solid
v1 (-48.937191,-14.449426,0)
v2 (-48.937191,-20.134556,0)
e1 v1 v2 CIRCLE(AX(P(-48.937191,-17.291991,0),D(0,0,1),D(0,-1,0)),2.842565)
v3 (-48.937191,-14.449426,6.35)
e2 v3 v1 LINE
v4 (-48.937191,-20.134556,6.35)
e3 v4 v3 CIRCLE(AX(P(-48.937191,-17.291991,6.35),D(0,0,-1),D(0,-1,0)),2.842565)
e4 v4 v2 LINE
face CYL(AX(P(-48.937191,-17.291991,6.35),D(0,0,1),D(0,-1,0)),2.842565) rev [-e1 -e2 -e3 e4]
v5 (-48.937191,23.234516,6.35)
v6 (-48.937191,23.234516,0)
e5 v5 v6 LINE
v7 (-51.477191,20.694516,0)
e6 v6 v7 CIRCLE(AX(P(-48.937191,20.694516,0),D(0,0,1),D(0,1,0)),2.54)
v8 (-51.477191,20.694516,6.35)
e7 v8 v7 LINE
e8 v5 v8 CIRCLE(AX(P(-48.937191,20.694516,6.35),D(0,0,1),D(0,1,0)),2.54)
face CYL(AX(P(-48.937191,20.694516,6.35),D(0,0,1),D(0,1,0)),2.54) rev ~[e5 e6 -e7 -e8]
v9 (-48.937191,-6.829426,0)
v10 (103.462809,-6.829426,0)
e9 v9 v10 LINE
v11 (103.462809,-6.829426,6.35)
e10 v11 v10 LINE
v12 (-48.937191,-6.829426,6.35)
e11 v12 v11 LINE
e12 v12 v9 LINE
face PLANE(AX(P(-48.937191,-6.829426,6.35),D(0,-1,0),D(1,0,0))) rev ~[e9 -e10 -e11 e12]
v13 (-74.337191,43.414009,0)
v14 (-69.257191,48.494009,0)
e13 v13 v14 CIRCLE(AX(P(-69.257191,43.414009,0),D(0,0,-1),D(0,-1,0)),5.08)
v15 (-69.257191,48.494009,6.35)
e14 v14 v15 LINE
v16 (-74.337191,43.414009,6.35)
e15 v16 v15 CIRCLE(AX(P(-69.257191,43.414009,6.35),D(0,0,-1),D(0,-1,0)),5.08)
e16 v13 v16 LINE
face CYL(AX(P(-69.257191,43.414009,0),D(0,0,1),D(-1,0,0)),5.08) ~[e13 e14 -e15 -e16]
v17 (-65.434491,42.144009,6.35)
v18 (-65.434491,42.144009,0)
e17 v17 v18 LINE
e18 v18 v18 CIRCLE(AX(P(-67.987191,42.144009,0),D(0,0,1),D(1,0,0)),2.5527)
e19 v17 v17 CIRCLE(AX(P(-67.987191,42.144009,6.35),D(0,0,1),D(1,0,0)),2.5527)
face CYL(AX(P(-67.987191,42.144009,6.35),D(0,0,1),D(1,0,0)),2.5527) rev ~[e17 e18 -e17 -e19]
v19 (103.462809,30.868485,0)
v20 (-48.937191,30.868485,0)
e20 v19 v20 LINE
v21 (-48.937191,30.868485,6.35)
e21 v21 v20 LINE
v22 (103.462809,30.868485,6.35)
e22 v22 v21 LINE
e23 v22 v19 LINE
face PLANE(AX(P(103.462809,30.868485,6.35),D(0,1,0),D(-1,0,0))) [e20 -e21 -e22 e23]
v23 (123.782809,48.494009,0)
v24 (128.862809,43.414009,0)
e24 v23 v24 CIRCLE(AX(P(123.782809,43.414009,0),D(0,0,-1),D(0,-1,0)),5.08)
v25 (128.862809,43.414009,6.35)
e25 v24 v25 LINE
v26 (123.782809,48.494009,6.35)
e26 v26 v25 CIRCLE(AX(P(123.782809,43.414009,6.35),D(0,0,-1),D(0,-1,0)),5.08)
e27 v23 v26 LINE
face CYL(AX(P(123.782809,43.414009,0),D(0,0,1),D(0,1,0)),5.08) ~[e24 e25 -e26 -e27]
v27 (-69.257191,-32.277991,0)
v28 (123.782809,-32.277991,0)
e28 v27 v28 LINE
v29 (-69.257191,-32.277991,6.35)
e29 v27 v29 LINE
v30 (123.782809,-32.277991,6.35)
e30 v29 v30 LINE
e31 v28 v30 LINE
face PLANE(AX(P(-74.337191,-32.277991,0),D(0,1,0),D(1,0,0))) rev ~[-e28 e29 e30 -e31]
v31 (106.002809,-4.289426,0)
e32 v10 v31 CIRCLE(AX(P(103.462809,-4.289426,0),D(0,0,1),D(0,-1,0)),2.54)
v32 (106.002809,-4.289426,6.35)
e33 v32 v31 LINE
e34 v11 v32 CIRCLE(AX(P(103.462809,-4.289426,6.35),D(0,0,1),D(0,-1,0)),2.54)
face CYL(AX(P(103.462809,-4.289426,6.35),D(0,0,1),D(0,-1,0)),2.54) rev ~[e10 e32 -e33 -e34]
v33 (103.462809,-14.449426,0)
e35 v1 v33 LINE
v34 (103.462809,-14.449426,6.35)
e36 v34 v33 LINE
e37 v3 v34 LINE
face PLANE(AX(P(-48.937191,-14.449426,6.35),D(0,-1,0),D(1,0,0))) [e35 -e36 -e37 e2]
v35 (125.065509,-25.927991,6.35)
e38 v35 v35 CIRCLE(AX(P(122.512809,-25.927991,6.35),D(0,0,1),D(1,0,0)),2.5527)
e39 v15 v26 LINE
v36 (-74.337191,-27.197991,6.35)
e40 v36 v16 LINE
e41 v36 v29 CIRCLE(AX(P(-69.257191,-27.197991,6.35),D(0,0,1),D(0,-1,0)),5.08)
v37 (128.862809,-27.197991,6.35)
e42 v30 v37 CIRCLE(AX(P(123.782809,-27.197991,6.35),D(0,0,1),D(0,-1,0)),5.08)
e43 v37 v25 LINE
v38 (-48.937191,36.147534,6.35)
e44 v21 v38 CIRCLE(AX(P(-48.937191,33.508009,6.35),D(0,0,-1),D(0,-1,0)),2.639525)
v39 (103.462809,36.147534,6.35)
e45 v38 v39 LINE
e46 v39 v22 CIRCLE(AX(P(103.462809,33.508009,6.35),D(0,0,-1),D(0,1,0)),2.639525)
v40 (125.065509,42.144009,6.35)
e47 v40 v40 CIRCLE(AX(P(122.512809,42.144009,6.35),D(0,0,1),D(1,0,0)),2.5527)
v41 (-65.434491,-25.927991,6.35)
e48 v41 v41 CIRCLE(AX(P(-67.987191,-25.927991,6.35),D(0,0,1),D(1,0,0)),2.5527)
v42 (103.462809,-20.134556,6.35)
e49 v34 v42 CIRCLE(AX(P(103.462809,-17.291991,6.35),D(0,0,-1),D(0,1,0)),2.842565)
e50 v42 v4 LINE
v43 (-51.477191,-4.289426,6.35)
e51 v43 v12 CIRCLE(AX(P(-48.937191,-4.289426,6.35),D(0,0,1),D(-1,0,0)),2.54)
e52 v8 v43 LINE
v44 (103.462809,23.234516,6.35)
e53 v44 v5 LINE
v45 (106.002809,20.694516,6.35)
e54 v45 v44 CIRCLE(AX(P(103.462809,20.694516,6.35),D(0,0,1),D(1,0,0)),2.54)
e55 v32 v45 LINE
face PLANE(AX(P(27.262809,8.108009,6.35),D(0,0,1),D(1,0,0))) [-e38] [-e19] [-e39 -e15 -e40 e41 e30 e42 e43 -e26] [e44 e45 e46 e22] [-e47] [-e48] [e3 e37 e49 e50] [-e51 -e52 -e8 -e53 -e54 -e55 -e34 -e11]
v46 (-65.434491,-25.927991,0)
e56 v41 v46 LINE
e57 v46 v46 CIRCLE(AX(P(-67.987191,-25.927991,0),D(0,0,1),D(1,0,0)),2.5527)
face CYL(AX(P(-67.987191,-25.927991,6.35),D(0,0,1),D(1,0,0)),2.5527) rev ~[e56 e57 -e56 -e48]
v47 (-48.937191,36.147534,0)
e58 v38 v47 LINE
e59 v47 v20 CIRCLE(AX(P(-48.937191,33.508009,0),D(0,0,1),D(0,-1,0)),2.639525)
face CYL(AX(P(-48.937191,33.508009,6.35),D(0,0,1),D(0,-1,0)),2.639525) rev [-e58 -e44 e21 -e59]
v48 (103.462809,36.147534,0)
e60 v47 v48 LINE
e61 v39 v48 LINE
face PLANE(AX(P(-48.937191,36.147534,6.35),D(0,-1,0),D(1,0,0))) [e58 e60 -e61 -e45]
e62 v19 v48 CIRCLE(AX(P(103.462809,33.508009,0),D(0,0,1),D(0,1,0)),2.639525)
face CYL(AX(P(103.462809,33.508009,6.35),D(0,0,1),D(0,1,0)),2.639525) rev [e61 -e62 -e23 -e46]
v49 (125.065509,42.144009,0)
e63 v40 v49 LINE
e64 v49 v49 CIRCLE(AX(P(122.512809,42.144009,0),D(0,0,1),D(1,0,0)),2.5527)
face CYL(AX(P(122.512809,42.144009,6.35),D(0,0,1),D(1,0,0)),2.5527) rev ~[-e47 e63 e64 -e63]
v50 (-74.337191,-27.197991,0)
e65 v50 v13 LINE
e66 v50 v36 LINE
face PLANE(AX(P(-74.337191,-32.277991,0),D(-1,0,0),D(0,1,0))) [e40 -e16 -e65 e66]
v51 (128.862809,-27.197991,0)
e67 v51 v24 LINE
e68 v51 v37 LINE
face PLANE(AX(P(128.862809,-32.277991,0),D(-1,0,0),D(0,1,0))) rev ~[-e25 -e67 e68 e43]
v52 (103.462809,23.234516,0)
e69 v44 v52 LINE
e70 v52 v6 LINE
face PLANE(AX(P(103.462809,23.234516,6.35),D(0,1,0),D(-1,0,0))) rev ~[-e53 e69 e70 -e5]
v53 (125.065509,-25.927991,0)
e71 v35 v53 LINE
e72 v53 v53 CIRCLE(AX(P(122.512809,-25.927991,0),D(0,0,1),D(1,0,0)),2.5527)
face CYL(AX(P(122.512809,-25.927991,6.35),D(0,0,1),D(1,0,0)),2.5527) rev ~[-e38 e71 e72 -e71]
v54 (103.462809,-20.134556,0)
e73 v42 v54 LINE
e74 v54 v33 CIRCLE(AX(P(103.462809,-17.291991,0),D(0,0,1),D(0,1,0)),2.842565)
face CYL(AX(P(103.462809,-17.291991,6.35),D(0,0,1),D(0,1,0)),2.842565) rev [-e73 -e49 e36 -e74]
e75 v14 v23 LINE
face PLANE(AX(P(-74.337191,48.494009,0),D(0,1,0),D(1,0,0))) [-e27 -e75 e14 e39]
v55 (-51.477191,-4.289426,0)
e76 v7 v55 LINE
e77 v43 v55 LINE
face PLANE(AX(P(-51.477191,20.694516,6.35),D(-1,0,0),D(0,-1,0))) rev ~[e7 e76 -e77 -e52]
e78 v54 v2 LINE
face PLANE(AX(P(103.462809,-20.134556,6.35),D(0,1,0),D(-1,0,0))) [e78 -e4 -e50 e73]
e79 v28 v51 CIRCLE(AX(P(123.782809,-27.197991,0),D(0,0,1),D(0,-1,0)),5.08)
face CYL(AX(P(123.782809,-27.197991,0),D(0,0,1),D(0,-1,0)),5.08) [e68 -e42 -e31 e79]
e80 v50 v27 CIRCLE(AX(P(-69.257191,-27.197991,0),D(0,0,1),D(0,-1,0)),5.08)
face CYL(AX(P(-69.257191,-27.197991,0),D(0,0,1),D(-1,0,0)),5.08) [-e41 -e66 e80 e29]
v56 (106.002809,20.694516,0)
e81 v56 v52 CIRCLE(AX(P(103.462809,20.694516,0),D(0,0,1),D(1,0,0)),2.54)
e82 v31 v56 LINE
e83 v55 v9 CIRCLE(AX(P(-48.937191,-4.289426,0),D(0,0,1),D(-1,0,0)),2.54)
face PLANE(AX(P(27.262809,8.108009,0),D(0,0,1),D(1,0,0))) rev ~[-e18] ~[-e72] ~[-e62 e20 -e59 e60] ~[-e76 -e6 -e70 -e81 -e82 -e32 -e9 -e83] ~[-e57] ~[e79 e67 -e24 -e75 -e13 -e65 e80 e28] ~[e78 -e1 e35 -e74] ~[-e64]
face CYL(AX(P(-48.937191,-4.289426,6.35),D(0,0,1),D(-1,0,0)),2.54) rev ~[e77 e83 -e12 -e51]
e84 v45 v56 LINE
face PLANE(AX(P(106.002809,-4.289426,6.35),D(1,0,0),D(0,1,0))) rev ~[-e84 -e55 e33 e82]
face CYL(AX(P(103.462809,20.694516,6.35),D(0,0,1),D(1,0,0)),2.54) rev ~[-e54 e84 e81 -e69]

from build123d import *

# Parameters (mm, degrees)
SKETCH1_W           = 203.2
SKETCH1_H           = 80.772
BOSS_EXTRUDE1_DEPTH = 6.35
SKETCH2_R           = 2.5527
CUT_EXTRUDE1_DEPTH  = 8.89
CUT_EXTRUDE2_DEPTH  = 13.97
FILLET1_R           = 5.08


with BuildPart() as part:
    # Sketch1 → Boss-Extrude1 (new body)
    with BuildSketch(Plane.XY):
        with Locations((27.262808983, 8.108009164)):
            Rectangle(SKETCH1_W, SKETCH1_H)
    extrude(amount=BOSS_EXTRUDE1_DEPTH)

    # Sketch2 → Cut-Extrude1 (cut)
    with BuildSketch(Plane.XY.offset(6.35)):
        with Locations((-67.987191017, 42.144009164)):
            Circle(SKETCH2_R)
        with Locations((-67.987191017, -25.927990836)):
            Circle(SKETCH2_R)
        with Locations((122.512808983, 42.144009164)):
            Circle(SKETCH2_R)
        with Locations((122.512808983, -25.927990836)):
            Circle(SKETCH2_R)
    extrude(amount=-CUT_EXTRUDE1_DEPTH, mode=Mode.SUBTRACT)

    # Sketch3 → Cut-Extrude2 (cut)
    with BuildSketch(Plane.XY.offset(6.35)):
        with BuildLine():
            Line((-48.937191017, 36.147533789), (103.462808983, 36.147533789))
            ThreePointArc((103.462808983, 36.147533789), (106.102333608, 33.508009164), (103.462808983, 30.868484538))
            Line((103.462808983, 30.868484538), (-48.937191017, 30.868484538))
            ThreePointArc((-48.937191017, 30.868484538), (-51.576715642, 33.508009164), (-48.937191017, 36.147533789))
        make_face()
        with BuildLine():
            Line((-48.937191017, -14.449425855), (103.462808983, -14.449425855))
            ThreePointArc((103.462808983, -14.449425855), (106.305373964, -17.291990836), (103.462808983, -20.134555817))
            Line((103.462808983, -20.134555817), (-48.937191017, -20.134555817))
            ThreePointArc((-48.937191017, -20.134555817), (-51.779755998, -17.291990836), (-48.937191017, -14.449425855))
        make_face()
        with BuildLine():
            Line((-48.937191017, -6.829425855), (103.462808983, -6.829425855))
            ThreePointArc((103.462808983, -6.829425855), (105.258860207, -6.08547708), (106.002808983, -4.289425855))
            Line((106.002808983, -4.289425855), (106.002808983, 20.69451567))
            ThreePointArc((106.002808983, 20.69451567), (105.258860207, 22.490566894), (103.462808983, 23.23451567))
            Line((103.462808983, 23.23451567), (-48.937191017, 23.23451567))
            ThreePointArc((-48.937191017, 23.23451567), (-50.733242241, 22.490566894), (-51.477191017, 20.69451567))
            Line((-51.477191017, 20.69451567), (-51.477191017, -4.289425855))
            ThreePointArc((-51.477191017, -4.289425855), (-50.733242241, -6.08547708), (-48.937191017, -6.829425855))
        make_face()
    extrude(amount=-CUT_EXTRUDE2_DEPTH, mode=Mode.SUBTRACT)

    # Fillet1
    fillet1_edges = [part.edges().sort_by_distance(p)[0] for p in [
        (-74.337191017, 48.494009164, 3.175),
        (128.862808983, 48.494009164, 3.175),
        (128.862808983, -32.277990836, 3.175),
        (-74.337191017, -32.277990836, 3.175),
    ]]
    fillet(fillet1_edges, radius=FILLET1_R)


solid = part.part
